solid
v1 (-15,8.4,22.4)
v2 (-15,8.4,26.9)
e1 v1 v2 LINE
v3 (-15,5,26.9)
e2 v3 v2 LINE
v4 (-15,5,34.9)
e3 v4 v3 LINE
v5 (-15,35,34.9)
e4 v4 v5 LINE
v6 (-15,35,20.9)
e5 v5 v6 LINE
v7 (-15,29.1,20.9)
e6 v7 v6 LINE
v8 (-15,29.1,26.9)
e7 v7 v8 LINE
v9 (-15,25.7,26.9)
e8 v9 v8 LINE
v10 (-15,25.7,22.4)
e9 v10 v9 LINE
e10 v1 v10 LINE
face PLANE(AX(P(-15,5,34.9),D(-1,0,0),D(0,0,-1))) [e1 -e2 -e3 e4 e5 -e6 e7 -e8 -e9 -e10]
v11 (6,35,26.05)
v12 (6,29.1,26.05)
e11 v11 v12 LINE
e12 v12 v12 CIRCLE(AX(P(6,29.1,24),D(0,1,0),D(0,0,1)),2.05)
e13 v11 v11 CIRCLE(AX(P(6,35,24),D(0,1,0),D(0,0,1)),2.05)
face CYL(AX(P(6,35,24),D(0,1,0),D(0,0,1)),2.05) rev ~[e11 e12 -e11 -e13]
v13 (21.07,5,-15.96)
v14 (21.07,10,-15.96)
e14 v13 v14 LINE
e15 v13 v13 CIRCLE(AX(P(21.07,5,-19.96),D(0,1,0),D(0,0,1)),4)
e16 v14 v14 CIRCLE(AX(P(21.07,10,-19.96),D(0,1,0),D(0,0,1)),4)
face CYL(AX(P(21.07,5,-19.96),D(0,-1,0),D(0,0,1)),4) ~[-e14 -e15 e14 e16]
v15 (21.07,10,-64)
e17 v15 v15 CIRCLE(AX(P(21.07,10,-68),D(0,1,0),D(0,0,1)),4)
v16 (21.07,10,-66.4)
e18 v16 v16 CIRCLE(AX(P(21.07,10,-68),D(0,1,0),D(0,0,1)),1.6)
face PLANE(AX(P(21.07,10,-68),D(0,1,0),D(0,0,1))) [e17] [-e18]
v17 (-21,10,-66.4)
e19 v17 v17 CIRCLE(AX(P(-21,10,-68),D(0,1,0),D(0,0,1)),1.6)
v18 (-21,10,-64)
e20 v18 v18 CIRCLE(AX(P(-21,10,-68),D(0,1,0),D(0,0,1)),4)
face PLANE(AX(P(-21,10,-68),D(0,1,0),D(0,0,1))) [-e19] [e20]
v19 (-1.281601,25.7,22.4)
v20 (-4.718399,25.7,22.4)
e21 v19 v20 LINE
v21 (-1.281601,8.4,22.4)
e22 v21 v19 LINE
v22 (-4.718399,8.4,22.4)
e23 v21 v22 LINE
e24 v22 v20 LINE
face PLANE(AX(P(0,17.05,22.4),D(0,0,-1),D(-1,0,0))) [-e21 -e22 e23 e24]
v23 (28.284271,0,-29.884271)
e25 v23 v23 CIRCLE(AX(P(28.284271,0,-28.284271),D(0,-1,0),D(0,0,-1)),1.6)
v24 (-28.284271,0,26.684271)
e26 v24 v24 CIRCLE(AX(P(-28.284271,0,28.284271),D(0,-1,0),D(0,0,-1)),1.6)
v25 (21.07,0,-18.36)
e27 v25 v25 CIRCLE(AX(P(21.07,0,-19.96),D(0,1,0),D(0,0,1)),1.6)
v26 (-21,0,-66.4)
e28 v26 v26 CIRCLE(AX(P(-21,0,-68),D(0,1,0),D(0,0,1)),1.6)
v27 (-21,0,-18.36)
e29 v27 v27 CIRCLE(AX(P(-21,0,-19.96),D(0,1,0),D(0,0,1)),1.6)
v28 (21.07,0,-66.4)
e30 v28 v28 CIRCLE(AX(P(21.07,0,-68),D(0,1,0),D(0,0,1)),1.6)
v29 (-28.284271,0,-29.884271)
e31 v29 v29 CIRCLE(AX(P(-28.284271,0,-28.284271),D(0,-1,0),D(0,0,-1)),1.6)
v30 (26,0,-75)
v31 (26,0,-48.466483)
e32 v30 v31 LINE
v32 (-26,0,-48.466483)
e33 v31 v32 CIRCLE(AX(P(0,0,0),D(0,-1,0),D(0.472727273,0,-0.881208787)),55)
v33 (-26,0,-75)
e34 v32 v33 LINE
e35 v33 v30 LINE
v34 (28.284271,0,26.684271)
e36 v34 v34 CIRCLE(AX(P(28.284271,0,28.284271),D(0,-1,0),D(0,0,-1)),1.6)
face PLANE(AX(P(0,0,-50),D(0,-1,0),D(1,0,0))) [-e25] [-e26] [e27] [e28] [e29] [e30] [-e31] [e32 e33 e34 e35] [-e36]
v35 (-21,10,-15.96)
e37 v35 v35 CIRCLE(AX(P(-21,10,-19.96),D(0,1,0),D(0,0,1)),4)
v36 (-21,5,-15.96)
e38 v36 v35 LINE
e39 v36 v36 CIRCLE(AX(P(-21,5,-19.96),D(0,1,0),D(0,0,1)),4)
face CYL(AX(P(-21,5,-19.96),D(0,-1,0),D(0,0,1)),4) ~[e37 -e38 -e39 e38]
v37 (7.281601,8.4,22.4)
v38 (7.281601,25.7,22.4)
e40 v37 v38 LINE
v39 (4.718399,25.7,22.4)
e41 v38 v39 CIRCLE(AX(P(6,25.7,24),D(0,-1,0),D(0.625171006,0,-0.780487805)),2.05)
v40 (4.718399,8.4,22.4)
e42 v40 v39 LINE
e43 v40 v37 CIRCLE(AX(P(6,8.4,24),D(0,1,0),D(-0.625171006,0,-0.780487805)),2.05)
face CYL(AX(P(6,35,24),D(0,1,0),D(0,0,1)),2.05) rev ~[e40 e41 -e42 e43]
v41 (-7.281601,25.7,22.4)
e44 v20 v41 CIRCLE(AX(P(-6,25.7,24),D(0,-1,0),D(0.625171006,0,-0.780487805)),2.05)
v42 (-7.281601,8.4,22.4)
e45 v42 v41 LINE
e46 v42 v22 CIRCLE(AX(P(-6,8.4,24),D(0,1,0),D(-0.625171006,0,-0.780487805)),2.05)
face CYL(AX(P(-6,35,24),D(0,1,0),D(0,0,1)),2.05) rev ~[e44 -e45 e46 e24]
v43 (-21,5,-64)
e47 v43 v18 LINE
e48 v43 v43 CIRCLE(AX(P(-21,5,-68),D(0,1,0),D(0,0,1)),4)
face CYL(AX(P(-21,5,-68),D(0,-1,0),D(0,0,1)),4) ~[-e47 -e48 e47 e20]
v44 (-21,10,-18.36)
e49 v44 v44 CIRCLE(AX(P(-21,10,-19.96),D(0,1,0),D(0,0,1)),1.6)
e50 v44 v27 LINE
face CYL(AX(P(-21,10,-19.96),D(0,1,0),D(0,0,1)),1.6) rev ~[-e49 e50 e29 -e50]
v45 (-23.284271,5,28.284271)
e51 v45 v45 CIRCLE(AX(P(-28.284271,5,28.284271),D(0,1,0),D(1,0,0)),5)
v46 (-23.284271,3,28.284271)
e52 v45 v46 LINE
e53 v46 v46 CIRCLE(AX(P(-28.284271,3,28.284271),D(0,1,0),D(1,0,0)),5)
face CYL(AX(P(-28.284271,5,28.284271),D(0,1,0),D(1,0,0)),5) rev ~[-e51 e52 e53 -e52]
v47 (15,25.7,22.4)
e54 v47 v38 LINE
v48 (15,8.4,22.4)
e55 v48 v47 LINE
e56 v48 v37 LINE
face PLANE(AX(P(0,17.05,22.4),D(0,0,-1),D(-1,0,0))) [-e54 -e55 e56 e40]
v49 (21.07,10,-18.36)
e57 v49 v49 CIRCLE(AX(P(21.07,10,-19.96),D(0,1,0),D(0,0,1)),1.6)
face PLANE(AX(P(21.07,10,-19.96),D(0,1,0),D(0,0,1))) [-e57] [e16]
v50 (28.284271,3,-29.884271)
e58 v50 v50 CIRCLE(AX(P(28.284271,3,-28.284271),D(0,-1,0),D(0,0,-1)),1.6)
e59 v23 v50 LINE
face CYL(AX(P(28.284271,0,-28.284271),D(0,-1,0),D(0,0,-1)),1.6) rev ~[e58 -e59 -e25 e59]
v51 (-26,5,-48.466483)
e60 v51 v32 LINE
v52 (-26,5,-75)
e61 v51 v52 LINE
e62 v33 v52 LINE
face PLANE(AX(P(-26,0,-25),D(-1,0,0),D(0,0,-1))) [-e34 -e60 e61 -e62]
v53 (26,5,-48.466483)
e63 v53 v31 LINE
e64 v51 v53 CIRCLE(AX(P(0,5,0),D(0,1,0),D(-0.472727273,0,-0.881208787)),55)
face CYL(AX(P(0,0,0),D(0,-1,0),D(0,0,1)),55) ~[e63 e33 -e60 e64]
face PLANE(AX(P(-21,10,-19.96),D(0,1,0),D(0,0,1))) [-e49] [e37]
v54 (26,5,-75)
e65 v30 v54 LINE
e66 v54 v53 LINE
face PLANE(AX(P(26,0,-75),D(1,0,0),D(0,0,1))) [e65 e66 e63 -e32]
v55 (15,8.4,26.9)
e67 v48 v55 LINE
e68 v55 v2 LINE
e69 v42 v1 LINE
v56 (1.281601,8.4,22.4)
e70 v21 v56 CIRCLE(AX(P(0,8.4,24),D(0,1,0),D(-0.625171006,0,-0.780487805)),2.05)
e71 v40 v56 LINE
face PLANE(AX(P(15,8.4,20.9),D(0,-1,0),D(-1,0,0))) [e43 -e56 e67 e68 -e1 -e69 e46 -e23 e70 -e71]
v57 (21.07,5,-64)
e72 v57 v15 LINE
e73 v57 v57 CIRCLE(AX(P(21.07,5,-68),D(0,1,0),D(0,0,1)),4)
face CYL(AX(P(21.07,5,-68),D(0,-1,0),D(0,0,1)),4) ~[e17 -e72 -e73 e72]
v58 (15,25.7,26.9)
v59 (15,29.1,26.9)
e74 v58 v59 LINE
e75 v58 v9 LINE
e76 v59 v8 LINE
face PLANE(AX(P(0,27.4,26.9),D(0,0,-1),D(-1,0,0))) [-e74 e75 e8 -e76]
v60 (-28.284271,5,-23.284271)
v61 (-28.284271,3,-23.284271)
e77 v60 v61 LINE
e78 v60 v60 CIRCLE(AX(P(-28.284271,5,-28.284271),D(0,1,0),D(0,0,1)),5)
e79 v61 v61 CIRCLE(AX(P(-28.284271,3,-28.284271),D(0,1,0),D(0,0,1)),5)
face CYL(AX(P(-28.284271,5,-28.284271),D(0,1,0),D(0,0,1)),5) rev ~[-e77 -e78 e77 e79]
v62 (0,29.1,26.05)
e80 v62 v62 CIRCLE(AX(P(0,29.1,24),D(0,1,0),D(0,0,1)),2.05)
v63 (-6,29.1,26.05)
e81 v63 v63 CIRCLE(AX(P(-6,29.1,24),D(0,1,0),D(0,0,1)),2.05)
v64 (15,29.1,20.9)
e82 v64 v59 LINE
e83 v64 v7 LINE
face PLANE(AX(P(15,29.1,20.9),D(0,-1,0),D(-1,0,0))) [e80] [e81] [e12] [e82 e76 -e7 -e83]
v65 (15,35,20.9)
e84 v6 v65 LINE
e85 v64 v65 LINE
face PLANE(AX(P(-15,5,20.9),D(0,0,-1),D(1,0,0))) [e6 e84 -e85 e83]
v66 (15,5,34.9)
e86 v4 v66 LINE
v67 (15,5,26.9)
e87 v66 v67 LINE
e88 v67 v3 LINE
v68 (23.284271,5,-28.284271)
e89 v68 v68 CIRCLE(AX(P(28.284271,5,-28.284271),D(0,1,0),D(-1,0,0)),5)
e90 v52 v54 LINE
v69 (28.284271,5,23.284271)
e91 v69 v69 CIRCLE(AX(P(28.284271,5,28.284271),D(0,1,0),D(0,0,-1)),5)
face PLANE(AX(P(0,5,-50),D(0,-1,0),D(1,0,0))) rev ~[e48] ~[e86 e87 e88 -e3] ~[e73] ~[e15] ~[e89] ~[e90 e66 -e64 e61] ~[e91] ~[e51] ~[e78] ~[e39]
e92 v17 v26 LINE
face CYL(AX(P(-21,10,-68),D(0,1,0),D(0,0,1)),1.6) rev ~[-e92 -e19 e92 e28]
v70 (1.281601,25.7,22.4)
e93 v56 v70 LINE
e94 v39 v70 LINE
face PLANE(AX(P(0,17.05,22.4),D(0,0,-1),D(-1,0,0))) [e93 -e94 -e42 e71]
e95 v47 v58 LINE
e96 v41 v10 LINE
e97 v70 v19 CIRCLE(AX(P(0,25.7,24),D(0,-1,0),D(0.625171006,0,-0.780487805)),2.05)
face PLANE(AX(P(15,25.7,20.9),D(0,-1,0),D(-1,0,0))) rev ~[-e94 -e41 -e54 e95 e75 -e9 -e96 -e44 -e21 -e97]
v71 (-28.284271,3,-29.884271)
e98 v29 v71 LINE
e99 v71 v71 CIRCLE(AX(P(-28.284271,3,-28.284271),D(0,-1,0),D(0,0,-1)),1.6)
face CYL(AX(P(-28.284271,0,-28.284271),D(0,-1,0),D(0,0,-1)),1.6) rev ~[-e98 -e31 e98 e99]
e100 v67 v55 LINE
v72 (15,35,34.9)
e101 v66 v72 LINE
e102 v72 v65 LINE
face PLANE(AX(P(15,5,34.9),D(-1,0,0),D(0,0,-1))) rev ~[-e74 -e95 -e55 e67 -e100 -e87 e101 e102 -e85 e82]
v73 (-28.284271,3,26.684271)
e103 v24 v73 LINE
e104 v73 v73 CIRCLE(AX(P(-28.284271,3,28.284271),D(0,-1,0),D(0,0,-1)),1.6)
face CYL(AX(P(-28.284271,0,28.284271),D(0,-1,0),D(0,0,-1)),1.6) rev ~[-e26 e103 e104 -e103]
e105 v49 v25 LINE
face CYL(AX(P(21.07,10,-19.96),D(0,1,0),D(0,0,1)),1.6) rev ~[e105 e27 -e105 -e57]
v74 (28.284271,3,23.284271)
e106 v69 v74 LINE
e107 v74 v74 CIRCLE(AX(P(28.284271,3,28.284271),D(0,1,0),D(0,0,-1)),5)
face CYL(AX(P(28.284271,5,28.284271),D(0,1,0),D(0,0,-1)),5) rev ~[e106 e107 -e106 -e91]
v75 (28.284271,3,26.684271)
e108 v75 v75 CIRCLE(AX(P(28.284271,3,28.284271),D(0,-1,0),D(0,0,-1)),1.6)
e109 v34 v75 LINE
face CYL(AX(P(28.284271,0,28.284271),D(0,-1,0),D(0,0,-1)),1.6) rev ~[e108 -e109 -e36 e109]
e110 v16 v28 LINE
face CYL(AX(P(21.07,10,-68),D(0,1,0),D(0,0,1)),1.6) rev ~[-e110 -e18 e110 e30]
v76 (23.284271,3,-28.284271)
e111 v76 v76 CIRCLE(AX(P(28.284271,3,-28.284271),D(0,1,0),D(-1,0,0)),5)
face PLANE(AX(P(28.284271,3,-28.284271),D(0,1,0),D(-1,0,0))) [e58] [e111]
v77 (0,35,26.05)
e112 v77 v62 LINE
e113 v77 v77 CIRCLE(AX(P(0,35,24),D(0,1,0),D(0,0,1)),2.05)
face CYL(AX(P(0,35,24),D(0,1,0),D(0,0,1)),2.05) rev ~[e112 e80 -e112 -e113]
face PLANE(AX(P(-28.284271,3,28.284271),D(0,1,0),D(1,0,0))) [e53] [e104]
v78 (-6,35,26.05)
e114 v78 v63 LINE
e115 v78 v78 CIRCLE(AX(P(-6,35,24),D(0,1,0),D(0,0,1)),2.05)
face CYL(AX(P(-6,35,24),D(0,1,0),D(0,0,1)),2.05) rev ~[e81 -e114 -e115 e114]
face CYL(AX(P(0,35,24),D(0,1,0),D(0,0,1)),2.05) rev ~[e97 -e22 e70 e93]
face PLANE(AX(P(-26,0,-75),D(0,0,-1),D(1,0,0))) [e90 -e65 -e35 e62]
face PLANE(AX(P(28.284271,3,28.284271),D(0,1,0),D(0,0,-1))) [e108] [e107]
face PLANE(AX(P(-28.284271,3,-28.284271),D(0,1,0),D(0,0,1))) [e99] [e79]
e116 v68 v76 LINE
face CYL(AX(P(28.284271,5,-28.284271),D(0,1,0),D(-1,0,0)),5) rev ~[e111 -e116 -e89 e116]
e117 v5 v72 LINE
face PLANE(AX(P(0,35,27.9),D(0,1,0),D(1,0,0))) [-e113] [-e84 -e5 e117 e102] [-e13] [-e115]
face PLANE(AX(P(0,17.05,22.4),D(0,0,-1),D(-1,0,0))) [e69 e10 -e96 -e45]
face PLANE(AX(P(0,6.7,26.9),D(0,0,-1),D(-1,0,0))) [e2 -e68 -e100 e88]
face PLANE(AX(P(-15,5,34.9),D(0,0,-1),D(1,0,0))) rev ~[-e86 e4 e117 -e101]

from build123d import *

# Parameters (mm, degrees)
SKETCH1_R           = 55
BOSS_EXTRUDE1_DEPTH = 5
SKETCH2_W           = 30
SKETCH2_H           = 14
BOSS_EXTRUDE2_DEPTH = 30
SKETCH6_R           = 2.05
CUT_EXTRUDE3_DEPTH  = 30
SKETCH7_W           = 30
SKETCH7_H           = 3.4
CUT_EXTRUDE4_DEPTH  = 6
SKETCH10_R          = 1.6
CUT_EXTRUDE5_DEPTH  = 6
SKETCH11_W          = 30
SKETCH11_H          = 17.3
CUT_EXTRUDE6_DEPTH  = 1.5
BOSS_EXTRUDE5_DEPTH = 5
SKETCH16_R          = 4
BOSS_EXTRUDE6_DEPTH = 5
SKETCH17_R          = 1.6
CUT_EXTRUDE8_DEPTH  = 97.306801421
SKETCH13_R          = 5
CUT_EXTRUDE9_DEPTH  = 2
CIRPATTERN3_COUNT   = 4


with BuildPart() as part:
    # Sketch1 → Boss-Extrude1 (new body)
    with BuildSketch(Plane(origin=(0, 0, 0), x_dir=(1, 0, 0), z_dir=(0, 1, 0))):
        with Locations(Location((0, 0, 0), (0, 0, 270))):
            Circle(SKETCH1_R)
    extrude(amount=BOSS_EXTRUDE1_DEPTH)

    # Sketch2 → Boss-Extrude2 (add)
    with BuildSketch(Plane(origin=(0, 5, 0), x_dir=(1, 0, 0), z_dir=(0, 1, 0))):
        with Locations((0, -27.9)):
            Rectangle(SKETCH2_W, SKETCH2_H)
    extrude(amount=BOSS_EXTRUDE2_DEPTH)

    # Sketch6 → Cut-Extrude3 (cut)
    with BuildSketch(Plane(origin=(0, 35, 0), x_dir=(1, 0, 0), z_dir=(0, 1, 0))):
        with Locations(Location((-6, -24, 0), (0, 0, 270))):
            Circle(SKETCH6_R)
        with Locations(Location((0, -24, 0), (0, 0, 270))):
            Circle(SKETCH6_R)
        with Locations(Location((6, -24, 0), (0, 0, 270))):
            Circle(SKETCH6_R)
    extrude(amount=-CUT_EXTRUDE3_DEPTH, mode=Mode.SUBTRACT)

    # Sketch7 → Cut-Extrude4 (cut)
    with BuildSketch(Plane(origin=(0, 0, 20.9), x_dir=(-1, 0, 0), z_dir=(0, 0, -1))):
        with Locations((0, 6.7)):
            Rectangle(SKETCH7_W, SKETCH7_H)
        with Locations((0, 27.4)):
            Rectangle(SKETCH7_W, SKETCH7_H)
    extrude(amount=-CUT_EXTRUDE4_DEPTH, mode=Mode.SUBTRACT)

    # Sketch10 → Cut-Extrude5 (cut)
    with BuildSketch(Plane.XZ):
        with Locations(Location((-28.284271247, 28.284271247, 0), (0, 0, 270))):
            Circle(SKETCH10_R)
        with Locations(Location((28.284271247, 28.284271247, 0), (0, 0, 270))):
            Circle(SKETCH10_R)
        with Locations(Location((28.284271247, -28.284271247, 0), (0, 0, 270))):
            Circle(SKETCH10_R)
        with Locations(Location((-28.284271247, -28.284271247, 0), (0, 0, 270))):
            Circle(SKETCH10_R)
    extrude(amount=-CUT_EXTRUDE5_DEPTH, mode=Mode.SUBTRACT)

    # Sketch11 → Cut-Extrude6 (cut)
    with BuildSketch(Plane(origin=(0, 0, 20.9), x_dir=(-1, 0, 0), z_dir=(0, 0, -1))):
        with Locations((0, 17.05)):
            Rectangle(SKETCH11_W, SKETCH11_H)
    extrude(amount=-CUT_EXTRUDE6_DEPTH, mode=Mode.SUBTRACT)

    # Sketch14 → Boss-Extrude5 (add)
    with BuildSketch(Plane.XZ):
        Polygon((-26, -48.466483264), (-26, -75), (26, -75), (26, -25), (-26, -25), align=None)
    extrude(amount=-BOSS_EXTRUDE5_DEPTH)

    # Sketch16 → Boss-Extrude6 (add)
    with BuildSketch(Plane(origin=(0, 5, 0), x_dir=(1, 0, 0), z_dir=(0, 1, 0))):
        with Locations(Location((-21, 68, 0), (0, 0, 270))):
            Circle(SKETCH16_R)
        with Locations(Location((21.07, 68, 0), (0, 0, 270))):
            Circle(SKETCH16_R)
        with Locations(Location((-21, 19.96, 0), (0, 0, 270))):
            Circle(SKETCH16_R)
        with Locations(Location((21.07, 19.96, 0), (0, 0, 270))):
            Circle(SKETCH16_R)
    extrude(amount=BOSS_EXTRUDE6_DEPTH)

    # Sketch17 → Cut-Extrude8 (cut, through all)
    with BuildSketch(Plane(origin=(0, 10, 0), x_dir=(1, 0, 0), z_dir=(0, 1, 0))):
        with Locations(Location((-21, 68, 0), (0, 0, 270))):
            Circle(SKETCH17_R)
        with Locations(Location((21.07, 68, 0), (0, 0, 270))):
            Circle(SKETCH17_R)
        with Locations(Location((21.07, 19.96, 0), (0, 0, 270))):
            Circle(SKETCH17_R)
        with Locations(Location((-21, 19.96, 0), (0, 0, 270))):
            Circle(SKETCH17_R)
    extrude(amount=-CUT_EXTRUDE8_DEPTH, mode=Mode.SUBTRACT)

    # Sketch13 → Cut-Extrude9 (cut)
    with BuildSketch(Plane(origin=(0, 5, 0), x_dir=(1, 0, 0), z_dir=(0, 1, 0))):
        with Locations(Location((-28.284271247, 28.284271247, 0), (0, 0, 270))):
            Circle(SKETCH13_R)
    cut_extrude9 = extrude(amount=-CUT_EXTRUDE9_DEPTH, mode=Mode.SUBTRACT)

    # CirPattern3: Cut-Extrude9 ×4 about axis
    cirpattern3_axis = Axis((0, 0, 0), (0, 1, 0))
    for i in range(1, CIRPATTERN3_COUNT):
        add(cut_extrude9.rotate(cirpattern3_axis, i * 360 / CIRPATTERN3_COUNT), mode=Mode.SUBTRACT)


solid = part.part
